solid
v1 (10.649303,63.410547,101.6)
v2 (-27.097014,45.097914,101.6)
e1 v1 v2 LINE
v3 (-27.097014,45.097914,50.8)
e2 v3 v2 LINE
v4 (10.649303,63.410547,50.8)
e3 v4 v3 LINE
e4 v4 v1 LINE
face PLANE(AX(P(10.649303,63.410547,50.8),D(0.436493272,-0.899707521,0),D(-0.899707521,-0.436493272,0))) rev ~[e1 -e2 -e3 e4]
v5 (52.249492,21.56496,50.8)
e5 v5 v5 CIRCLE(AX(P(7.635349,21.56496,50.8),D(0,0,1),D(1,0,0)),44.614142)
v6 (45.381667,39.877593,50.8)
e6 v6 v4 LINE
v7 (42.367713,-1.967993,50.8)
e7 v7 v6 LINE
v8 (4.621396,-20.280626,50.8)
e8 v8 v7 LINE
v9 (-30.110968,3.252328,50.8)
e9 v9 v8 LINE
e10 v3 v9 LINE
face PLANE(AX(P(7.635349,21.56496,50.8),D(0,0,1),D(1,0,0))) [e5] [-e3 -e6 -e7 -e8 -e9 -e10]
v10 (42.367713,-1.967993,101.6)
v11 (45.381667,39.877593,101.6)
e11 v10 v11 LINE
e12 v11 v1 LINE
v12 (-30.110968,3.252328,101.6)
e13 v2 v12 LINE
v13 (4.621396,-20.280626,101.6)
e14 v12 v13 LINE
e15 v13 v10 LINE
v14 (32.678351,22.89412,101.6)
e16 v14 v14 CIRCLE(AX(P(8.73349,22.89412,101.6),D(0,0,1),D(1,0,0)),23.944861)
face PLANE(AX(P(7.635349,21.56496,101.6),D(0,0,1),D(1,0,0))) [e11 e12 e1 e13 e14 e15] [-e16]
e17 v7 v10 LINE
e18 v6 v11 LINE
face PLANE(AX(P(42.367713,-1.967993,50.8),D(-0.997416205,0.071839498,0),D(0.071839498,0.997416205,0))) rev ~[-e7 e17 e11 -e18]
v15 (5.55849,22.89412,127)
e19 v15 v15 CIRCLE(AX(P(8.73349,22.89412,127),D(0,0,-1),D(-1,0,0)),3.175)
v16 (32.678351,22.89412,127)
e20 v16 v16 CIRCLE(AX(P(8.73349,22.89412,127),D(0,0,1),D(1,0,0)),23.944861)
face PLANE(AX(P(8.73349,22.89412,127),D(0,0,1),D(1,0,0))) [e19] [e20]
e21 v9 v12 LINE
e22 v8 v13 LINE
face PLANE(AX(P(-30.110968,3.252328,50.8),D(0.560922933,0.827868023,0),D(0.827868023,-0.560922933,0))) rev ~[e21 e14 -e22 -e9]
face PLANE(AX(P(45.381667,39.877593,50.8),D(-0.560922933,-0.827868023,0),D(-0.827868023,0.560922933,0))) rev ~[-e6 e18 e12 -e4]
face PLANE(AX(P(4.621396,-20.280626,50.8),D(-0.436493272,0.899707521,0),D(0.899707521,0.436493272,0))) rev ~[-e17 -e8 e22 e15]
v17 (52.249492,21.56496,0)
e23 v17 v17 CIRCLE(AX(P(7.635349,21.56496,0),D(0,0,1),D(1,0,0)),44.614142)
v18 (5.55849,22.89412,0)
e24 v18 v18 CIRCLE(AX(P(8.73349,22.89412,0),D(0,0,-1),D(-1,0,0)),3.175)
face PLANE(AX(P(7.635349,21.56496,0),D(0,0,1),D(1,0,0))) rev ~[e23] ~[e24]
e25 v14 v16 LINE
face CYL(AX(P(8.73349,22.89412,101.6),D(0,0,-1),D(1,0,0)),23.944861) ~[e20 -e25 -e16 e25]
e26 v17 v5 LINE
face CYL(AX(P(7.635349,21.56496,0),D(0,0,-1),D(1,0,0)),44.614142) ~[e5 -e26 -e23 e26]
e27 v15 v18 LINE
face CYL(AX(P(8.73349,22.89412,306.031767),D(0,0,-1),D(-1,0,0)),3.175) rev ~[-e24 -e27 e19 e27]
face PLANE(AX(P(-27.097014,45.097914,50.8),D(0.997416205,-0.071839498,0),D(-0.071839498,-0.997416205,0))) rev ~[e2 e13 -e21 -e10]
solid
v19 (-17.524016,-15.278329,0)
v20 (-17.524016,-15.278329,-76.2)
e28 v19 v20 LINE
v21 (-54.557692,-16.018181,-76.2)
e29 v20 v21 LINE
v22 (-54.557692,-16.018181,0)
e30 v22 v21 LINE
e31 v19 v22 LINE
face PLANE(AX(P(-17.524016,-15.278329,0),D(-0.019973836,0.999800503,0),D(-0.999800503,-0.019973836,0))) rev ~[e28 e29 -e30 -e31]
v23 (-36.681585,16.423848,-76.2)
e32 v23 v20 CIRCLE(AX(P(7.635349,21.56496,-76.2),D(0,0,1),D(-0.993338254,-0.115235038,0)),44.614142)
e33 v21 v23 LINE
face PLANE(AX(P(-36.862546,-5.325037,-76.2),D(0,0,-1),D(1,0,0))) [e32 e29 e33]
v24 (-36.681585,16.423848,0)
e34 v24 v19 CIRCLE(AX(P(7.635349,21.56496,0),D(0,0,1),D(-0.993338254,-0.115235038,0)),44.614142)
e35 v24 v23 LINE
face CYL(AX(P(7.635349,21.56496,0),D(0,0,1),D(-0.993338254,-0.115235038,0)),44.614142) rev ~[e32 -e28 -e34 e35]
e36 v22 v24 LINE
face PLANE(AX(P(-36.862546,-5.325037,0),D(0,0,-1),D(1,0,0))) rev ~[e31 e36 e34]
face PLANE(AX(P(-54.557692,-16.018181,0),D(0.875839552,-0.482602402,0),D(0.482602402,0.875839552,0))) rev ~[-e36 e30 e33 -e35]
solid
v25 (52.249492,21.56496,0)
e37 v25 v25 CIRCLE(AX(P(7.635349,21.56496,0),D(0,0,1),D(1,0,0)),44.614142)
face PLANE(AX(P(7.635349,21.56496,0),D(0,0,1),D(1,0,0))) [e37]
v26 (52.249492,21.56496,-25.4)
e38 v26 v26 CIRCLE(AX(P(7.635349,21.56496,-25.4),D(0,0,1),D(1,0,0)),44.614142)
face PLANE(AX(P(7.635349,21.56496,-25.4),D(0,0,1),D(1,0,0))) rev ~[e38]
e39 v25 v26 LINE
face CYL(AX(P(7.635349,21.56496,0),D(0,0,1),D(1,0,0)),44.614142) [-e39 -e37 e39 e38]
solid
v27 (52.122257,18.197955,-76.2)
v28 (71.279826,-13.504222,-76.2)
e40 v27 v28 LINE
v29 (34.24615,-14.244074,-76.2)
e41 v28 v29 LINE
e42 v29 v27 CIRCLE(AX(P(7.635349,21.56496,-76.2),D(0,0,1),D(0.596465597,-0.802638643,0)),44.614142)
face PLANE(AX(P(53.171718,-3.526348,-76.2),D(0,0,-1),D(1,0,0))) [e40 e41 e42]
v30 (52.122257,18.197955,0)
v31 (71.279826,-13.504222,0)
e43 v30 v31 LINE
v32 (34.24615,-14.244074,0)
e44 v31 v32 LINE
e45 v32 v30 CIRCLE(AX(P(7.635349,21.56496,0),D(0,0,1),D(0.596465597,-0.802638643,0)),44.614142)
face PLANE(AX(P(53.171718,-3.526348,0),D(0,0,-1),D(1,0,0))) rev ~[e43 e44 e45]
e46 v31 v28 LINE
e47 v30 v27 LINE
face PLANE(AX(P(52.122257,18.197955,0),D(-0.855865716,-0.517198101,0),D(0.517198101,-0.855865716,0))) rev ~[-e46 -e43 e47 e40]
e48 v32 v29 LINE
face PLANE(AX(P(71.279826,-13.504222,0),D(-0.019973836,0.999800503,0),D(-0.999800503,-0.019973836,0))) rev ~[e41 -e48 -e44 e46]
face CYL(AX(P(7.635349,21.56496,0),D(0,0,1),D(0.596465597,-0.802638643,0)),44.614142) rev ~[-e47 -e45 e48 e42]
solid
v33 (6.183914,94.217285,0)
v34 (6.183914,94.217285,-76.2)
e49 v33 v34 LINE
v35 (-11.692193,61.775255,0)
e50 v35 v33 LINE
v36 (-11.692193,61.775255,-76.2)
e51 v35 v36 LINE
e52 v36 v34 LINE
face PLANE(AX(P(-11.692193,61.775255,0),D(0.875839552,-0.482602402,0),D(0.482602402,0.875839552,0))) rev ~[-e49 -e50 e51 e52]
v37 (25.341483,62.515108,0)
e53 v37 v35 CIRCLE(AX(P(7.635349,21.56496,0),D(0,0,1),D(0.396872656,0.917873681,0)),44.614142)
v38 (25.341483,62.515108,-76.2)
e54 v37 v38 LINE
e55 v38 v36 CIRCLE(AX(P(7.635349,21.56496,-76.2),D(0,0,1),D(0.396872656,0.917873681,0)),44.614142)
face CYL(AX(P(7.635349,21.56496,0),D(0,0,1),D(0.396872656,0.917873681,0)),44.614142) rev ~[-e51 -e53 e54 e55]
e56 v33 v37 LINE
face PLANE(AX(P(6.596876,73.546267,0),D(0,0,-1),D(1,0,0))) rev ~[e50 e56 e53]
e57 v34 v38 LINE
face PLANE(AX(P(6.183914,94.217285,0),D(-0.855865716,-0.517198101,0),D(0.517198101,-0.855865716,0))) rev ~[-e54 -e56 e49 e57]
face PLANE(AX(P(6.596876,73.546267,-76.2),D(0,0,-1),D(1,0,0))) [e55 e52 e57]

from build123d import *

# Parameters (mm, degrees)
F0_R     = 44.6141423475
F1_DEPTH = 50.8
F3_DEPTH = 50.8
F5_DEPTH = 76.2
F6_DEPTH = 25.4
F7_R     = 23.9448612964
F8_DEPTH = 25.4
F11_D    = 6.35


with BuildPart() as f1:
    # F0 (on Top) → F1 (new body)
    with BuildSketch(Plane.XY):
        with Locations((7.6353494078, 21.5649604797)):
            Circle(F0_R)
    extrude(amount=F1_DEPTH)

    # F2 (on face) → F3 (join)
    with BuildSketch(Plane.XY.offset(50.8)):
        Polygon((10.6493027537, 63.4105465469), (-27.0970144897, 45.0979136767), (-30.1109678356, 3.2523276095), (4.6213960619, -20.2806255875), (42.3677133053, -1.9679927173), (45.3816666512, 39.8775933499), align=None)
    extrude(amount=F3_DEPTH)


with BuildPart() as f5:
    # F4 (on face) → F5 (new body)
    with BuildSketch(Plane(origin=(0, 0, 0), x_dir=(1, 0, 0), z_dir=(0, 0, -1))):
        with BuildLine():
            Line((-54.5576916577, 16.0181814927), (-36.6815848341, -16.4238480705))
            ThreePointArc((-36.6815848341, -16.4238480705), (-30.5483654923, 1.509389215), (-17.5240164939, 15.2783293412))
            Line((-17.5240164939, 15.2783293412), (-54.5576916577, 16.0181814927))
        make_face()
    extrude(amount=F5_DEPTH)


with BuildPart() as f5b:
    # F4 (on face) → F5, piece 2 (new body)
    with BuildSketch(Plane(origin=(0, 0, 0), x_dir=(1, 0, 0), z_dir=(0, 0, -1))):
        with BuildLine():
            ThreePointArc((34.2461504788, 14.2440741869), (46.7101798692, -0.0340682128), (52.1222573025, -18.1979553762))
            Line((52.1222573025, -18.1979553762), (71.2798256427, 13.5042220354))
            Line((71.2798256427, 13.5042220354), (34.2461504788, 14.2440741869))
        make_face()
    extrude(amount=F5_DEPTH)


with BuildPart() as f5c:
    # F4 (on face) → F5, piece 3 (new body)
    with BuildSketch(Plane(origin=(0, 0, 0), x_dir=(1, 0, 0), z_dir=(0, 0, -1))):
        with BuildLine():
            Line((-11.6921925853, -61.7752554041), (6.1839142384, -94.2172849673))
            Line((6.1839142384, -94.2172849673), (25.3414825786, -62.5151075557))
            ThreePointArc((25.3414825786, -62.5151075557), (6.7442338464, -66.1702024414), (-11.6921925853, -61.7752554041))
        make_face()
    extrude(amount=F5_DEPTH)


with BuildPart() as f6:
    # F6 (new): a face of the model
    f6_faces = [f1.part.faces().sort_by_distance(p)[0] for p in [
        (7.6353494078, 21.5649604797, 0),
    ]]
    extrude(f6_faces, amount=F6_DEPTH)


with BuildPart() as f1_1:
    add(f1.part)

    # F7 (on face) → F8 (join)
    with BuildSketch(Plane.XY.offset(101.6)):
        with Locations((8.7334895507, 22.8941198438)):
            Circle(F7_R)
    extrude(amount=F8_DEPTH)

    # F11 (through all)
    with Locations(Plane.XY.offset(127)):
        with Locations((8.7334895507, 22.8941198438)):
            Hole(F11_D / 2)


solid = Compound([f5.part, f5b.part, f5c.part, f6.part, f1_1.part])
